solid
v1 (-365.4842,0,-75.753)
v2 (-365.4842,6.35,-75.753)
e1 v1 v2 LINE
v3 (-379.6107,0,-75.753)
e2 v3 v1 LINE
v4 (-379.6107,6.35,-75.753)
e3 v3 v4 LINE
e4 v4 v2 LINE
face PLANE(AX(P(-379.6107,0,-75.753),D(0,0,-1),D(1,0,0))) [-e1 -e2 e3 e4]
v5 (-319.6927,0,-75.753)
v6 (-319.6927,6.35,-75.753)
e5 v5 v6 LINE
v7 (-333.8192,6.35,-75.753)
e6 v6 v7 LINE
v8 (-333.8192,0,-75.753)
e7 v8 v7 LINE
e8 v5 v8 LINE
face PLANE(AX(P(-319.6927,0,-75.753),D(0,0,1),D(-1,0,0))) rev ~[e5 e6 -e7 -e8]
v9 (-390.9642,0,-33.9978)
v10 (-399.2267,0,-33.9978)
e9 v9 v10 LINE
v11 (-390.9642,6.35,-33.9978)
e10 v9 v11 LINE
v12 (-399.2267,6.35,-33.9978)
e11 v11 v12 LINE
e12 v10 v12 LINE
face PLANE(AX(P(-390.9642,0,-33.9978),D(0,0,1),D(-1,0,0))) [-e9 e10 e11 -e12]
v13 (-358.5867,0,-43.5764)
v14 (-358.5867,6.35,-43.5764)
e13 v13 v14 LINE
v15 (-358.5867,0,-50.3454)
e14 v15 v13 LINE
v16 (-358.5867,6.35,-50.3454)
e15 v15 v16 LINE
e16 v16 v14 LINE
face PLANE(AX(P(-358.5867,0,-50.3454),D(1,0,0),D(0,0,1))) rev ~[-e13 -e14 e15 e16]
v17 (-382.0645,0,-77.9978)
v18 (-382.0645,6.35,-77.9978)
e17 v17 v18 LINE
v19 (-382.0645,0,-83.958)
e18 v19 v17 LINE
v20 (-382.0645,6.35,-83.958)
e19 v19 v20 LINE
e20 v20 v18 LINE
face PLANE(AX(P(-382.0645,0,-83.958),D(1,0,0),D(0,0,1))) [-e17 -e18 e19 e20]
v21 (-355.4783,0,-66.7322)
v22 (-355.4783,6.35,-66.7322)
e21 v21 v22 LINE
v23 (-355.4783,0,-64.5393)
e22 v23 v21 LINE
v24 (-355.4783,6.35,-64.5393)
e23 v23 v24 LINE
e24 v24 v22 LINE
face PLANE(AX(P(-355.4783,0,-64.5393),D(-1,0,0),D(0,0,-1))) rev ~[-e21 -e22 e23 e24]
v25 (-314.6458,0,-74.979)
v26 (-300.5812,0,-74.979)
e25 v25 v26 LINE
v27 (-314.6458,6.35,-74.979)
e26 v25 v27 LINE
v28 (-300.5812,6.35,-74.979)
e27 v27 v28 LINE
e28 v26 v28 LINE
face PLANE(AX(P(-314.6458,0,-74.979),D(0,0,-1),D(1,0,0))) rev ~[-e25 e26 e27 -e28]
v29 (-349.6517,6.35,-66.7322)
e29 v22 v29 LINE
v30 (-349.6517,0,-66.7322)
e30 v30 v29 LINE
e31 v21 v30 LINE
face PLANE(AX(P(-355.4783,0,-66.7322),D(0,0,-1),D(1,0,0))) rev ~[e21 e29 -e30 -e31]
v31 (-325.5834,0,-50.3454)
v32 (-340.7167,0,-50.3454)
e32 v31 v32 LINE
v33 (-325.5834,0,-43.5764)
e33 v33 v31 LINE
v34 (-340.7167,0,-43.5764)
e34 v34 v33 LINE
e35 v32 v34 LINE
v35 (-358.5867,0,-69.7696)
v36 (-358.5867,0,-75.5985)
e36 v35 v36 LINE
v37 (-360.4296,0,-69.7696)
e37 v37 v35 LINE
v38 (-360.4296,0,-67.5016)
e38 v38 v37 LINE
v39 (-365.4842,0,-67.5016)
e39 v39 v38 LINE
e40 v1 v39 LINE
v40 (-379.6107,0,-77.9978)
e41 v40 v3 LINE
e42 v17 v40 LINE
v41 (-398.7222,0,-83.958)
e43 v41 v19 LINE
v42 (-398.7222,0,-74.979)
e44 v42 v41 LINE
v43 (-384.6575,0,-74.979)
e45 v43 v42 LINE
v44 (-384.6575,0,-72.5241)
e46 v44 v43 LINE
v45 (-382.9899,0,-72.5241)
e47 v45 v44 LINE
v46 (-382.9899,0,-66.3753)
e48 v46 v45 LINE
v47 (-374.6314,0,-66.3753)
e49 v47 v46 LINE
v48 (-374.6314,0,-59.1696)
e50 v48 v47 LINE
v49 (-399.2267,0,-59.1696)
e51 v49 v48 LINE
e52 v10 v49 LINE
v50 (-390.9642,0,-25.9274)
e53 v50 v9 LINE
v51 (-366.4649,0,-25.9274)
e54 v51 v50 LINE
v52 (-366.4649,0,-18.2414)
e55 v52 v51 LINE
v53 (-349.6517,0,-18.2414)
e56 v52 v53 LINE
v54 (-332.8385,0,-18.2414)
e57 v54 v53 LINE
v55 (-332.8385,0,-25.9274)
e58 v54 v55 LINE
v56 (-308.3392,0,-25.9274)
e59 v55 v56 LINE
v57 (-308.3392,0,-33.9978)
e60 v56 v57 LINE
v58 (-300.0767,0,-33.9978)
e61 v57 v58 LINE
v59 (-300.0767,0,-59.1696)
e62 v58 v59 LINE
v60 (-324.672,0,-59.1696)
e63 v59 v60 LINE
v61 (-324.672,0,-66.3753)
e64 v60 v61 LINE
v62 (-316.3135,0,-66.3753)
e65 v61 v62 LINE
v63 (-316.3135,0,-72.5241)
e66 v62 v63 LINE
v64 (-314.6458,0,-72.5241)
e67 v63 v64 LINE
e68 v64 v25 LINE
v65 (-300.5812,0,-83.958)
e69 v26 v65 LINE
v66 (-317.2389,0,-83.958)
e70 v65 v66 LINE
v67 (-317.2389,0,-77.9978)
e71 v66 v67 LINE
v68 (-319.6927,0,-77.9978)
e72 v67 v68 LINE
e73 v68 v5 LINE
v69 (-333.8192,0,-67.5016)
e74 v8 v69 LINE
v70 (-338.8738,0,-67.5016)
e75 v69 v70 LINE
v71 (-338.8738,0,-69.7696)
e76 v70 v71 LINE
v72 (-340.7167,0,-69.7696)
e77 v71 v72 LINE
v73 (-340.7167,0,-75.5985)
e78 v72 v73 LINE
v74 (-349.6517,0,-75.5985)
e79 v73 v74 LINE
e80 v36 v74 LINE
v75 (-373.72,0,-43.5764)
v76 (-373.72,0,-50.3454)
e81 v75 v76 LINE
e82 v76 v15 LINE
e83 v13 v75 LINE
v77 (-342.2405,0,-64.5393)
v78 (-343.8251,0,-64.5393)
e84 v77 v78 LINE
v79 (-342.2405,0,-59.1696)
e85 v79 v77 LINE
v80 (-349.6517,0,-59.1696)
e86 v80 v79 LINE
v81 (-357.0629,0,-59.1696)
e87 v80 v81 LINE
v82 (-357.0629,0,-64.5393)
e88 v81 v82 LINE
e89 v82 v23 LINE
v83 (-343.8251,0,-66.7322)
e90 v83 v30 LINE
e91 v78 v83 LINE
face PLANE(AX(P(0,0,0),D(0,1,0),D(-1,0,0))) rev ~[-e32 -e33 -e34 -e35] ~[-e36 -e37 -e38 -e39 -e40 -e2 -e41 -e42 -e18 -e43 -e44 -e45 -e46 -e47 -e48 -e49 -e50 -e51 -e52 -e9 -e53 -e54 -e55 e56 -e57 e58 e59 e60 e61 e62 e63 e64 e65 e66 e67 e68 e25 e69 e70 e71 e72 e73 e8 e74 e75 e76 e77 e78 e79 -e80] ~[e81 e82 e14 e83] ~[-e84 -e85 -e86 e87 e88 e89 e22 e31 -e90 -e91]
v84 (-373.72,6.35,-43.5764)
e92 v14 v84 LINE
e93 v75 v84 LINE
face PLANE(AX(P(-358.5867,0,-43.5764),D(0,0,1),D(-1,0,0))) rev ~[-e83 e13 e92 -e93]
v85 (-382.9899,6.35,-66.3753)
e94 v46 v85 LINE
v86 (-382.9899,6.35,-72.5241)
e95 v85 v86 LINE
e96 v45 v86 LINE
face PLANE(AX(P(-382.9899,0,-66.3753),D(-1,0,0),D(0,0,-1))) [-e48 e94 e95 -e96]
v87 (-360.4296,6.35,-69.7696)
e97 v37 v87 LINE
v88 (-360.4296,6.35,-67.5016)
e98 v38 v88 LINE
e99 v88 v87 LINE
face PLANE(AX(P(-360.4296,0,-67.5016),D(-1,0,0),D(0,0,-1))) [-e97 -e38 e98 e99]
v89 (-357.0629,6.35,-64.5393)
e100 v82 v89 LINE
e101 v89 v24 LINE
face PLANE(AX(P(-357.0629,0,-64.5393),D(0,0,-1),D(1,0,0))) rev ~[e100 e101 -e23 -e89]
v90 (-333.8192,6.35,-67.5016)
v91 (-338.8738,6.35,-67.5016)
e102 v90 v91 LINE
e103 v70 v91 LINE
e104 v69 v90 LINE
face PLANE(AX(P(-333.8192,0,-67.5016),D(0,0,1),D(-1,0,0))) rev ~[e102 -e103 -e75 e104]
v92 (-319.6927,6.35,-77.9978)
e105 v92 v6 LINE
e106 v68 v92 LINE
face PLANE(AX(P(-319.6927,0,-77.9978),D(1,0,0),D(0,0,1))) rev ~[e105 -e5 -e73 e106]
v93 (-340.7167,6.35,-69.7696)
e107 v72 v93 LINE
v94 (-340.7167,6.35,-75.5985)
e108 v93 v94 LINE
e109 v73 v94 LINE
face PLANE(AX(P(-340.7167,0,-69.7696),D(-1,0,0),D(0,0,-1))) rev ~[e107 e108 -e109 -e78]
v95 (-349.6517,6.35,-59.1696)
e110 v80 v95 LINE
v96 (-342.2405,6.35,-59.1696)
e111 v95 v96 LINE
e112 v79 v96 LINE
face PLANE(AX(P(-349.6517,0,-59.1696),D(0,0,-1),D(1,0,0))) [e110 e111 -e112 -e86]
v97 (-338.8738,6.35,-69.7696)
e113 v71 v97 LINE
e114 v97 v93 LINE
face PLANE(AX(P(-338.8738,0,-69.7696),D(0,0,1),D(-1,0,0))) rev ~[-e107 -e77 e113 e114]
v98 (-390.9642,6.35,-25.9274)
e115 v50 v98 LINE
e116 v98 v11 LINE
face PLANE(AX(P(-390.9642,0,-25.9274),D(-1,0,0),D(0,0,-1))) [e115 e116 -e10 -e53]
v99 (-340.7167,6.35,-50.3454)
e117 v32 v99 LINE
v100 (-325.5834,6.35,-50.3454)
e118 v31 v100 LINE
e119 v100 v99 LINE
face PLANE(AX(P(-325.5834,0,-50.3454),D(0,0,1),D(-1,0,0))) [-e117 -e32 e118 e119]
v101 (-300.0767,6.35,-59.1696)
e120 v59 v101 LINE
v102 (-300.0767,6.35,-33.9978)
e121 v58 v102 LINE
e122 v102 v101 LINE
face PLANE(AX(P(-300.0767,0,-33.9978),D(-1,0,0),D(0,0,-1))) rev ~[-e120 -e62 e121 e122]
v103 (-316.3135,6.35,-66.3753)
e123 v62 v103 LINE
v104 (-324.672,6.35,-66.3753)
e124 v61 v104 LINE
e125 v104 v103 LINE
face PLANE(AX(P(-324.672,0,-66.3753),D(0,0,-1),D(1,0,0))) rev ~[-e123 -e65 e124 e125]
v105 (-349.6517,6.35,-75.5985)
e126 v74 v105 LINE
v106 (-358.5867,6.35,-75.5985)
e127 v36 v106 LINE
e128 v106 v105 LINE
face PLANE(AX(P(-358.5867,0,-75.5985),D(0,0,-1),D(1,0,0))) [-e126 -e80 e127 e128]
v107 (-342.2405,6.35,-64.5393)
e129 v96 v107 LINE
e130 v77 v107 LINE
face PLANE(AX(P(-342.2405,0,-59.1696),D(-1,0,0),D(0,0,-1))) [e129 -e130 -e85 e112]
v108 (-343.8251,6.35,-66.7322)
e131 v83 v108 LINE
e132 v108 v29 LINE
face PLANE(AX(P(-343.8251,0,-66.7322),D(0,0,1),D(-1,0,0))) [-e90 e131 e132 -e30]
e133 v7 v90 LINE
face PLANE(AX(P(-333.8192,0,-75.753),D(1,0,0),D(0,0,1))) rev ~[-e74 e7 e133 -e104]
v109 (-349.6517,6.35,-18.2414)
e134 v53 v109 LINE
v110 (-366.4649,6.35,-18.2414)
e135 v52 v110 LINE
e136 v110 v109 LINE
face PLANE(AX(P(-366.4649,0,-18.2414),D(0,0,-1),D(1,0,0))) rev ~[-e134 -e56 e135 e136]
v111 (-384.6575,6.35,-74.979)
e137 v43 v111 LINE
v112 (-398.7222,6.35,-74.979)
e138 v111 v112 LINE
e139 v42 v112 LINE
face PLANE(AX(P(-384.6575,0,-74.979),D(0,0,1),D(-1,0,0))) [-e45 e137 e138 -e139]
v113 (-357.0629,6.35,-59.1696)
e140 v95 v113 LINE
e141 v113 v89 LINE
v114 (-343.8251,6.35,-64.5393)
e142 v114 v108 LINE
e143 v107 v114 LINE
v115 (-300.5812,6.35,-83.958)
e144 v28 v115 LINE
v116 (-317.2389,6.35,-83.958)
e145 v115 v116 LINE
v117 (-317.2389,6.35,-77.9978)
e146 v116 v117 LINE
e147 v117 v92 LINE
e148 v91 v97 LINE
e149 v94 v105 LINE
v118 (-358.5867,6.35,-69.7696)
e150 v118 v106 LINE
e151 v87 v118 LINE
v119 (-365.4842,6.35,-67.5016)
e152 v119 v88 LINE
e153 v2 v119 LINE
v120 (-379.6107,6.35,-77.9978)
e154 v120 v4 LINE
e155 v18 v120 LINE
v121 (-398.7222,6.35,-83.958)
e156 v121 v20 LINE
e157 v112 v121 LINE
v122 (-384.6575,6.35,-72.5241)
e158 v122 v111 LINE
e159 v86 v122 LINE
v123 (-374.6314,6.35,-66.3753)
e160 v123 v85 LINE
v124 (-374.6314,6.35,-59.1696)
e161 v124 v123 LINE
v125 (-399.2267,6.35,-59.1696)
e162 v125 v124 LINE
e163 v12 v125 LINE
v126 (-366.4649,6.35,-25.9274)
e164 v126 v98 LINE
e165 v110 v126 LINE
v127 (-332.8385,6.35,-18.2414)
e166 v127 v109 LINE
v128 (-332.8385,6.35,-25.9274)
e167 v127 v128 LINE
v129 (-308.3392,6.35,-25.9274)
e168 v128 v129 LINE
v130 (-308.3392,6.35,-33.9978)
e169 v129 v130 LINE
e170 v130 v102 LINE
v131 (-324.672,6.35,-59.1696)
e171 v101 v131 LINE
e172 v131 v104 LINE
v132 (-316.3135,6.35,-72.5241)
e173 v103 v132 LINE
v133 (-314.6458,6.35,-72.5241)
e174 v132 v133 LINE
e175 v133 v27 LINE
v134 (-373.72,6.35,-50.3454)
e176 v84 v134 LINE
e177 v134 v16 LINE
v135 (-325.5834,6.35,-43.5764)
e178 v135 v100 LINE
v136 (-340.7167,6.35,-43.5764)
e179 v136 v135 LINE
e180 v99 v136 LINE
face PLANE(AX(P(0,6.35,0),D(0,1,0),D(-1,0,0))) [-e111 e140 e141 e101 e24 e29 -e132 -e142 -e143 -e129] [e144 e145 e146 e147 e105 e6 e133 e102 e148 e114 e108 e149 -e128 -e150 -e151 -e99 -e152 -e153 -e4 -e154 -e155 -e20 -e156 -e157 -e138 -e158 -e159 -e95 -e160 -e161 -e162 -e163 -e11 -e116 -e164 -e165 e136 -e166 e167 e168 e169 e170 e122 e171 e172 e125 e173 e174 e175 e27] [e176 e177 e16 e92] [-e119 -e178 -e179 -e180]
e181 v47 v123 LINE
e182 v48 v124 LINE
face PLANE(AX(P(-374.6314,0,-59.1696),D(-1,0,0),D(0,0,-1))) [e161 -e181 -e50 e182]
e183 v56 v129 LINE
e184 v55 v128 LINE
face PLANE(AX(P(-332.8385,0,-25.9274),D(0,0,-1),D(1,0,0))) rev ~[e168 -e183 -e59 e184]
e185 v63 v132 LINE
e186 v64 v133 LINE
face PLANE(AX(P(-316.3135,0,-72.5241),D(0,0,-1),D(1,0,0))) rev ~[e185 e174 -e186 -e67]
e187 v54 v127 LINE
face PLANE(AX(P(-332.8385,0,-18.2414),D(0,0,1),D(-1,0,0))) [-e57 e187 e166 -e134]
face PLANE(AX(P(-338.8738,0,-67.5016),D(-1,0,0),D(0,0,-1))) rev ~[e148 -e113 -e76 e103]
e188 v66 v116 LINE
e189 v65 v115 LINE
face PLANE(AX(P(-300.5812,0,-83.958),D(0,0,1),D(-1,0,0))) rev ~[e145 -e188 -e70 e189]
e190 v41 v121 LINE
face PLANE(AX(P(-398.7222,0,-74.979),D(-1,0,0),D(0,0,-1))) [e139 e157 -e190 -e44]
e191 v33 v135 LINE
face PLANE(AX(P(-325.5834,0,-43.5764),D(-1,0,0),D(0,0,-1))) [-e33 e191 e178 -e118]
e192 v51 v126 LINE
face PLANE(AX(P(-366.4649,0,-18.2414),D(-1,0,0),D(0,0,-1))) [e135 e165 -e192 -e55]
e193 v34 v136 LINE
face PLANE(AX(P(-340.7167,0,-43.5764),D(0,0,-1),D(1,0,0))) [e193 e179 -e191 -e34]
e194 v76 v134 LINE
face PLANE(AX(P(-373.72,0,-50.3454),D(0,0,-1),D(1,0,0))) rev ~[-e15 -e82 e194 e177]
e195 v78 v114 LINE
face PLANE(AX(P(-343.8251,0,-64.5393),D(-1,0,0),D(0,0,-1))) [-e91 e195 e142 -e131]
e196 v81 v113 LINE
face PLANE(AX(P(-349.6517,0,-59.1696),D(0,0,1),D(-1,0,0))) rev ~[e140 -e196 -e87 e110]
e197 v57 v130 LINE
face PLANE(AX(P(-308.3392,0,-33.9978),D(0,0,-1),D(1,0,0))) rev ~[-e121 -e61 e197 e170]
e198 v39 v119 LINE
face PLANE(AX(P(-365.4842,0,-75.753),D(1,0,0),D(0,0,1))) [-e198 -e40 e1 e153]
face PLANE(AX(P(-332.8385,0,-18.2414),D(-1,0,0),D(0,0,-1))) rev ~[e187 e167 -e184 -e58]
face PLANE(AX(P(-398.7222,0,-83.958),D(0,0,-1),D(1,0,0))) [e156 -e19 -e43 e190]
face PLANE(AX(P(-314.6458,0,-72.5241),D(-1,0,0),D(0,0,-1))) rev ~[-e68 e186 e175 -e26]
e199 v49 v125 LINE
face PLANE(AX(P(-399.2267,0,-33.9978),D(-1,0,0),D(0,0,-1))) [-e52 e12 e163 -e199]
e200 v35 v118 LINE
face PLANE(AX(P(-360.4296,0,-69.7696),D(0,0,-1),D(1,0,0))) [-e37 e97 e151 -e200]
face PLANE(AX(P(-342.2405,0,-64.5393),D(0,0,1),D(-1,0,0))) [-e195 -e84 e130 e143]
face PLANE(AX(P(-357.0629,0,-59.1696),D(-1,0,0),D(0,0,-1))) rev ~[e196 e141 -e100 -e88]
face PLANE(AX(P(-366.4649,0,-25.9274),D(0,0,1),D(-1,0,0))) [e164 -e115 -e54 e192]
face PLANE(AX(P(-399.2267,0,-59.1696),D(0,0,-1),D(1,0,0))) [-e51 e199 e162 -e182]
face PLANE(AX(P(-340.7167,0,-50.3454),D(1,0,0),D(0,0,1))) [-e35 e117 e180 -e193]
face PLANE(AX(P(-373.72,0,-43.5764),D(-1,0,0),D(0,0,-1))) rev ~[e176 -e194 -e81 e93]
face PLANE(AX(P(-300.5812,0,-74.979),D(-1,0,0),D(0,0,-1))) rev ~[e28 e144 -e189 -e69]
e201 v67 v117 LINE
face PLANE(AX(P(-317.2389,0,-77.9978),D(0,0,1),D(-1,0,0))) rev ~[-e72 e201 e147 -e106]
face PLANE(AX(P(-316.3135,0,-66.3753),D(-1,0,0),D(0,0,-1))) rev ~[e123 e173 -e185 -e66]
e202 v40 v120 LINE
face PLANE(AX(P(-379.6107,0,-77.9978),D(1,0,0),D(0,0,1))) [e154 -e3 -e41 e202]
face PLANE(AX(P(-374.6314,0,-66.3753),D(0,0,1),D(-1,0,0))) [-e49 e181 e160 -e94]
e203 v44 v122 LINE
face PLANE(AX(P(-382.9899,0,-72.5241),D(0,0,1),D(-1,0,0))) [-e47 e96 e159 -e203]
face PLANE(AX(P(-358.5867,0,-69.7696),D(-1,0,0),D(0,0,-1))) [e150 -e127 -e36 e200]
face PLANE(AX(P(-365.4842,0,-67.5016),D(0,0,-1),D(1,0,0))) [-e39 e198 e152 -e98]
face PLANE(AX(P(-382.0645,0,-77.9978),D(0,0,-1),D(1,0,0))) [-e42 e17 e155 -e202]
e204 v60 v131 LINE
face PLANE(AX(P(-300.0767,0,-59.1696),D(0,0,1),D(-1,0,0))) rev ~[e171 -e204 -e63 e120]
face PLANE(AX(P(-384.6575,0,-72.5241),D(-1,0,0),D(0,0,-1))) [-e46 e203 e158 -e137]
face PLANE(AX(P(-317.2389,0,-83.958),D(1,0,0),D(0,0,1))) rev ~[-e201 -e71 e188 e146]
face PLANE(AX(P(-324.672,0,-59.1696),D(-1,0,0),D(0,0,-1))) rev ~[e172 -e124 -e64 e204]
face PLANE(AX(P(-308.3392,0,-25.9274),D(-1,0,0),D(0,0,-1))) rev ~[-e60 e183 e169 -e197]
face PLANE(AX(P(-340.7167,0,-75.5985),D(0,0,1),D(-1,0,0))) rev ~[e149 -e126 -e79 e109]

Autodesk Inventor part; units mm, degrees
ref_plane "YZ Plane" through (0, 0, 0) normal (1, 0, 0) x (0, 1, 0)
ref_plane "XZ Plane" through (0, 0, 0) normal (0, 1, 0) x (-1, 0, 0)
ref_plane "XY Plane" through (0, 0, 0) normal (0, 0, 1) x (1, 0, 0)
sketch "Sketch1" plane through (0, 0, 0) normal (0, 1, 0) x (-1, 0, 0)
  line L0 (0, 0) -> (426.7814, 0) construction
  line L1 (426.7814, 0) -> (426.7814, -191.0355) construction
  line L2 (426.7814, -191.0355) -> (0, -191.0355) construction
  line L3 (0, -191.0355) -> (0, 0) construction
  line L4 (332.8385, -18.2414) -> (332.8385, -25.9274)
  line L5 (332.8385, -25.9274) -> (308.3392, -25.9274)
  line L6 (308.3392, -25.9274) -> (308.3392, -33.9978)
  line L7 (308.3392, -33.9978) -> (300.0767, -33.9978)
  line L8 (300.0767, -33.9978) -> (300.0767, -59.1696)
  line L9 (300.0767, -59.1696) -> (324.672, -59.1696)
  line L10 (324.672, -59.1696) -> (324.672, -66.3753)
  line L11 (324.672, -66.3753) -> (316.3135, -66.3753)
  line L12 (316.3135, -66.3753) -> (316.3135, -72.5241)
  line L13 (316.3135, -72.5241) -> (314.6458, -72.5241)
  line L14 (314.6458, -72.5241) -> (314.6458, -74.979)
  line L15 (314.6458, -74.979) -> (300.5812, -74.979)
  line L16 (300.5812, -74.979) -> (300.5812, -83.958)
  line L17 (300.5812, -83.958) -> (317.2389, -83.958)
  line L18 (317.2389, -83.958) -> (317.2389, -77.9978)
  line L19 (317.2389, -77.9978) -> (319.6927, -77.9978)
  line L20 (319.6927, -77.9978) -> (319.6927, -75.753)
  line L21 (319.6927, -75.753) -> (333.8192, -75.753)
  line L22 (333.8192, -75.753) -> (333.8192, -67.5016)
  line L23 (333.8192, -67.5016) -> (338.8738, -67.5016)
  line L24 (338.8738, -67.5016) -> (338.8738, -69.7696)
  line L25 (338.8738, -69.7696) -> (340.7167, -69.7696)
  line L26 (340.7167, -69.7696) -> (340.7167, -75.5985)
  line L27 (349.6517, -59.1696) -> (342.2405, -59.1696)
  line L28 (342.2405, -59.1696) -> (342.2405, -64.5393)
  line L29 (342.2405, -64.5393) -> (343.8251, -64.5393)
  line L30 (343.8251, -64.5393) -> (343.8251, -66.7322)
  line L31 (343.8251, -66.7322) -> (349.6517, -66.7322)
  line L32 (325.5834, -43.5764) -> (325.5834, -50.3454)
  line L33 (325.5834, -50.3454) -> (340.7167, -50.3454)
  line L34 (340.7167, -50.3454) -> (340.7167, -43.5764)
  line L35 (340.7167, -43.5764) -> (325.5834, -43.5764)
  line L36 (340.7167, -75.5985) -> (349.6517, -75.5985)
  line L37 (332.8385, -18.2414) -> (349.6517, -18.2414)
  line L38 (366.4649, -18.2414) -> (366.4649, -25.9274)
  line L39 (366.4649, -25.9274) -> (390.9642, -25.9274)
  line L40 (390.9642, -25.9274) -> (390.9642, -33.9978)
  line L41 (390.9642, -33.9978) -> (399.2267, -33.9978)
  line L42 (399.2267, -33.9978) -> (399.2267, -59.1696)
  line L43 (399.2267, -59.1696) -> (374.6314, -59.1696)
  line L44 (374.6314, -59.1696) -> (374.6314, -66.3753)
  line L45 (374.6314, -66.3753) -> (382.9899, -66.3753)
  line L46 (382.9899, -66.3753) -> (382.9899, -72.5241)
  line L47 (382.9899, -72.5241) -> (384.6575, -72.5241)
  line L48 (384.6575, -72.5241) -> (384.6575, -74.979)
  line L49 (384.6575, -74.979) -> (398.7222, -74.979)
  line L50 (398.7222, -74.979) -> (398.7222, -83.958)
  line L51 (398.7222, -83.958) -> (382.0645, -83.958)
  line L52 (382.0645, -83.958) -> (382.0645, -77.9978)
  line L53 (382.0645, -77.9978) -> (379.6107, -77.9978)
  line L54 (379.6107, -77.9978) -> (379.6107, -75.753)
  line L55 (379.6107, -75.753) -> (365.4842, -75.753)
  line L56 (365.4842, -75.753) -> (365.4842, -67.5016)
  line L57 (365.4842, -67.5016) -> (360.4296, -67.5016)
  line L58 (360.4296, -67.5016) -> (360.4296, -69.7696)
  line L59 (360.4296, -69.7696) -> (358.5867, -69.7696)
  line L60 (358.5867, -69.7696) -> (358.5867, -75.5985)
  line L61 (349.6517, -59.1696) -> (357.0629, -59.1696)
  line L62 (357.0629, -59.1696) -> (357.0629, -64.5393)
  line L63 (357.0629, -64.5393) -> (355.4783, -64.5393)
  line L64 (355.4783, -64.5393) -> (355.4783, -66.7322)
  line L65 (355.4783, -66.7322) -> (349.6517, -66.7322)
  line L66 (373.72, -43.5764) -> (373.72, -50.3454)
  line L67 (373.72, -50.3454) -> (358.5867, -50.3454)
  line L68 (358.5867, -50.3454) -> (358.5867, -43.5764)
  line L69 (358.5867, -43.5764) -> (373.72, -43.5764)
  line L70 (358.5867, -75.5985) -> (349.6517, -75.5985)
  line L71 (366.4649, -18.2414) -> (349.6517, -18.2414)
  dimension "d24" = 25.5068
extrude "Extrusion1" add sketch "Sketch1" along normal blind 6.35
properties part number "Monster5"
